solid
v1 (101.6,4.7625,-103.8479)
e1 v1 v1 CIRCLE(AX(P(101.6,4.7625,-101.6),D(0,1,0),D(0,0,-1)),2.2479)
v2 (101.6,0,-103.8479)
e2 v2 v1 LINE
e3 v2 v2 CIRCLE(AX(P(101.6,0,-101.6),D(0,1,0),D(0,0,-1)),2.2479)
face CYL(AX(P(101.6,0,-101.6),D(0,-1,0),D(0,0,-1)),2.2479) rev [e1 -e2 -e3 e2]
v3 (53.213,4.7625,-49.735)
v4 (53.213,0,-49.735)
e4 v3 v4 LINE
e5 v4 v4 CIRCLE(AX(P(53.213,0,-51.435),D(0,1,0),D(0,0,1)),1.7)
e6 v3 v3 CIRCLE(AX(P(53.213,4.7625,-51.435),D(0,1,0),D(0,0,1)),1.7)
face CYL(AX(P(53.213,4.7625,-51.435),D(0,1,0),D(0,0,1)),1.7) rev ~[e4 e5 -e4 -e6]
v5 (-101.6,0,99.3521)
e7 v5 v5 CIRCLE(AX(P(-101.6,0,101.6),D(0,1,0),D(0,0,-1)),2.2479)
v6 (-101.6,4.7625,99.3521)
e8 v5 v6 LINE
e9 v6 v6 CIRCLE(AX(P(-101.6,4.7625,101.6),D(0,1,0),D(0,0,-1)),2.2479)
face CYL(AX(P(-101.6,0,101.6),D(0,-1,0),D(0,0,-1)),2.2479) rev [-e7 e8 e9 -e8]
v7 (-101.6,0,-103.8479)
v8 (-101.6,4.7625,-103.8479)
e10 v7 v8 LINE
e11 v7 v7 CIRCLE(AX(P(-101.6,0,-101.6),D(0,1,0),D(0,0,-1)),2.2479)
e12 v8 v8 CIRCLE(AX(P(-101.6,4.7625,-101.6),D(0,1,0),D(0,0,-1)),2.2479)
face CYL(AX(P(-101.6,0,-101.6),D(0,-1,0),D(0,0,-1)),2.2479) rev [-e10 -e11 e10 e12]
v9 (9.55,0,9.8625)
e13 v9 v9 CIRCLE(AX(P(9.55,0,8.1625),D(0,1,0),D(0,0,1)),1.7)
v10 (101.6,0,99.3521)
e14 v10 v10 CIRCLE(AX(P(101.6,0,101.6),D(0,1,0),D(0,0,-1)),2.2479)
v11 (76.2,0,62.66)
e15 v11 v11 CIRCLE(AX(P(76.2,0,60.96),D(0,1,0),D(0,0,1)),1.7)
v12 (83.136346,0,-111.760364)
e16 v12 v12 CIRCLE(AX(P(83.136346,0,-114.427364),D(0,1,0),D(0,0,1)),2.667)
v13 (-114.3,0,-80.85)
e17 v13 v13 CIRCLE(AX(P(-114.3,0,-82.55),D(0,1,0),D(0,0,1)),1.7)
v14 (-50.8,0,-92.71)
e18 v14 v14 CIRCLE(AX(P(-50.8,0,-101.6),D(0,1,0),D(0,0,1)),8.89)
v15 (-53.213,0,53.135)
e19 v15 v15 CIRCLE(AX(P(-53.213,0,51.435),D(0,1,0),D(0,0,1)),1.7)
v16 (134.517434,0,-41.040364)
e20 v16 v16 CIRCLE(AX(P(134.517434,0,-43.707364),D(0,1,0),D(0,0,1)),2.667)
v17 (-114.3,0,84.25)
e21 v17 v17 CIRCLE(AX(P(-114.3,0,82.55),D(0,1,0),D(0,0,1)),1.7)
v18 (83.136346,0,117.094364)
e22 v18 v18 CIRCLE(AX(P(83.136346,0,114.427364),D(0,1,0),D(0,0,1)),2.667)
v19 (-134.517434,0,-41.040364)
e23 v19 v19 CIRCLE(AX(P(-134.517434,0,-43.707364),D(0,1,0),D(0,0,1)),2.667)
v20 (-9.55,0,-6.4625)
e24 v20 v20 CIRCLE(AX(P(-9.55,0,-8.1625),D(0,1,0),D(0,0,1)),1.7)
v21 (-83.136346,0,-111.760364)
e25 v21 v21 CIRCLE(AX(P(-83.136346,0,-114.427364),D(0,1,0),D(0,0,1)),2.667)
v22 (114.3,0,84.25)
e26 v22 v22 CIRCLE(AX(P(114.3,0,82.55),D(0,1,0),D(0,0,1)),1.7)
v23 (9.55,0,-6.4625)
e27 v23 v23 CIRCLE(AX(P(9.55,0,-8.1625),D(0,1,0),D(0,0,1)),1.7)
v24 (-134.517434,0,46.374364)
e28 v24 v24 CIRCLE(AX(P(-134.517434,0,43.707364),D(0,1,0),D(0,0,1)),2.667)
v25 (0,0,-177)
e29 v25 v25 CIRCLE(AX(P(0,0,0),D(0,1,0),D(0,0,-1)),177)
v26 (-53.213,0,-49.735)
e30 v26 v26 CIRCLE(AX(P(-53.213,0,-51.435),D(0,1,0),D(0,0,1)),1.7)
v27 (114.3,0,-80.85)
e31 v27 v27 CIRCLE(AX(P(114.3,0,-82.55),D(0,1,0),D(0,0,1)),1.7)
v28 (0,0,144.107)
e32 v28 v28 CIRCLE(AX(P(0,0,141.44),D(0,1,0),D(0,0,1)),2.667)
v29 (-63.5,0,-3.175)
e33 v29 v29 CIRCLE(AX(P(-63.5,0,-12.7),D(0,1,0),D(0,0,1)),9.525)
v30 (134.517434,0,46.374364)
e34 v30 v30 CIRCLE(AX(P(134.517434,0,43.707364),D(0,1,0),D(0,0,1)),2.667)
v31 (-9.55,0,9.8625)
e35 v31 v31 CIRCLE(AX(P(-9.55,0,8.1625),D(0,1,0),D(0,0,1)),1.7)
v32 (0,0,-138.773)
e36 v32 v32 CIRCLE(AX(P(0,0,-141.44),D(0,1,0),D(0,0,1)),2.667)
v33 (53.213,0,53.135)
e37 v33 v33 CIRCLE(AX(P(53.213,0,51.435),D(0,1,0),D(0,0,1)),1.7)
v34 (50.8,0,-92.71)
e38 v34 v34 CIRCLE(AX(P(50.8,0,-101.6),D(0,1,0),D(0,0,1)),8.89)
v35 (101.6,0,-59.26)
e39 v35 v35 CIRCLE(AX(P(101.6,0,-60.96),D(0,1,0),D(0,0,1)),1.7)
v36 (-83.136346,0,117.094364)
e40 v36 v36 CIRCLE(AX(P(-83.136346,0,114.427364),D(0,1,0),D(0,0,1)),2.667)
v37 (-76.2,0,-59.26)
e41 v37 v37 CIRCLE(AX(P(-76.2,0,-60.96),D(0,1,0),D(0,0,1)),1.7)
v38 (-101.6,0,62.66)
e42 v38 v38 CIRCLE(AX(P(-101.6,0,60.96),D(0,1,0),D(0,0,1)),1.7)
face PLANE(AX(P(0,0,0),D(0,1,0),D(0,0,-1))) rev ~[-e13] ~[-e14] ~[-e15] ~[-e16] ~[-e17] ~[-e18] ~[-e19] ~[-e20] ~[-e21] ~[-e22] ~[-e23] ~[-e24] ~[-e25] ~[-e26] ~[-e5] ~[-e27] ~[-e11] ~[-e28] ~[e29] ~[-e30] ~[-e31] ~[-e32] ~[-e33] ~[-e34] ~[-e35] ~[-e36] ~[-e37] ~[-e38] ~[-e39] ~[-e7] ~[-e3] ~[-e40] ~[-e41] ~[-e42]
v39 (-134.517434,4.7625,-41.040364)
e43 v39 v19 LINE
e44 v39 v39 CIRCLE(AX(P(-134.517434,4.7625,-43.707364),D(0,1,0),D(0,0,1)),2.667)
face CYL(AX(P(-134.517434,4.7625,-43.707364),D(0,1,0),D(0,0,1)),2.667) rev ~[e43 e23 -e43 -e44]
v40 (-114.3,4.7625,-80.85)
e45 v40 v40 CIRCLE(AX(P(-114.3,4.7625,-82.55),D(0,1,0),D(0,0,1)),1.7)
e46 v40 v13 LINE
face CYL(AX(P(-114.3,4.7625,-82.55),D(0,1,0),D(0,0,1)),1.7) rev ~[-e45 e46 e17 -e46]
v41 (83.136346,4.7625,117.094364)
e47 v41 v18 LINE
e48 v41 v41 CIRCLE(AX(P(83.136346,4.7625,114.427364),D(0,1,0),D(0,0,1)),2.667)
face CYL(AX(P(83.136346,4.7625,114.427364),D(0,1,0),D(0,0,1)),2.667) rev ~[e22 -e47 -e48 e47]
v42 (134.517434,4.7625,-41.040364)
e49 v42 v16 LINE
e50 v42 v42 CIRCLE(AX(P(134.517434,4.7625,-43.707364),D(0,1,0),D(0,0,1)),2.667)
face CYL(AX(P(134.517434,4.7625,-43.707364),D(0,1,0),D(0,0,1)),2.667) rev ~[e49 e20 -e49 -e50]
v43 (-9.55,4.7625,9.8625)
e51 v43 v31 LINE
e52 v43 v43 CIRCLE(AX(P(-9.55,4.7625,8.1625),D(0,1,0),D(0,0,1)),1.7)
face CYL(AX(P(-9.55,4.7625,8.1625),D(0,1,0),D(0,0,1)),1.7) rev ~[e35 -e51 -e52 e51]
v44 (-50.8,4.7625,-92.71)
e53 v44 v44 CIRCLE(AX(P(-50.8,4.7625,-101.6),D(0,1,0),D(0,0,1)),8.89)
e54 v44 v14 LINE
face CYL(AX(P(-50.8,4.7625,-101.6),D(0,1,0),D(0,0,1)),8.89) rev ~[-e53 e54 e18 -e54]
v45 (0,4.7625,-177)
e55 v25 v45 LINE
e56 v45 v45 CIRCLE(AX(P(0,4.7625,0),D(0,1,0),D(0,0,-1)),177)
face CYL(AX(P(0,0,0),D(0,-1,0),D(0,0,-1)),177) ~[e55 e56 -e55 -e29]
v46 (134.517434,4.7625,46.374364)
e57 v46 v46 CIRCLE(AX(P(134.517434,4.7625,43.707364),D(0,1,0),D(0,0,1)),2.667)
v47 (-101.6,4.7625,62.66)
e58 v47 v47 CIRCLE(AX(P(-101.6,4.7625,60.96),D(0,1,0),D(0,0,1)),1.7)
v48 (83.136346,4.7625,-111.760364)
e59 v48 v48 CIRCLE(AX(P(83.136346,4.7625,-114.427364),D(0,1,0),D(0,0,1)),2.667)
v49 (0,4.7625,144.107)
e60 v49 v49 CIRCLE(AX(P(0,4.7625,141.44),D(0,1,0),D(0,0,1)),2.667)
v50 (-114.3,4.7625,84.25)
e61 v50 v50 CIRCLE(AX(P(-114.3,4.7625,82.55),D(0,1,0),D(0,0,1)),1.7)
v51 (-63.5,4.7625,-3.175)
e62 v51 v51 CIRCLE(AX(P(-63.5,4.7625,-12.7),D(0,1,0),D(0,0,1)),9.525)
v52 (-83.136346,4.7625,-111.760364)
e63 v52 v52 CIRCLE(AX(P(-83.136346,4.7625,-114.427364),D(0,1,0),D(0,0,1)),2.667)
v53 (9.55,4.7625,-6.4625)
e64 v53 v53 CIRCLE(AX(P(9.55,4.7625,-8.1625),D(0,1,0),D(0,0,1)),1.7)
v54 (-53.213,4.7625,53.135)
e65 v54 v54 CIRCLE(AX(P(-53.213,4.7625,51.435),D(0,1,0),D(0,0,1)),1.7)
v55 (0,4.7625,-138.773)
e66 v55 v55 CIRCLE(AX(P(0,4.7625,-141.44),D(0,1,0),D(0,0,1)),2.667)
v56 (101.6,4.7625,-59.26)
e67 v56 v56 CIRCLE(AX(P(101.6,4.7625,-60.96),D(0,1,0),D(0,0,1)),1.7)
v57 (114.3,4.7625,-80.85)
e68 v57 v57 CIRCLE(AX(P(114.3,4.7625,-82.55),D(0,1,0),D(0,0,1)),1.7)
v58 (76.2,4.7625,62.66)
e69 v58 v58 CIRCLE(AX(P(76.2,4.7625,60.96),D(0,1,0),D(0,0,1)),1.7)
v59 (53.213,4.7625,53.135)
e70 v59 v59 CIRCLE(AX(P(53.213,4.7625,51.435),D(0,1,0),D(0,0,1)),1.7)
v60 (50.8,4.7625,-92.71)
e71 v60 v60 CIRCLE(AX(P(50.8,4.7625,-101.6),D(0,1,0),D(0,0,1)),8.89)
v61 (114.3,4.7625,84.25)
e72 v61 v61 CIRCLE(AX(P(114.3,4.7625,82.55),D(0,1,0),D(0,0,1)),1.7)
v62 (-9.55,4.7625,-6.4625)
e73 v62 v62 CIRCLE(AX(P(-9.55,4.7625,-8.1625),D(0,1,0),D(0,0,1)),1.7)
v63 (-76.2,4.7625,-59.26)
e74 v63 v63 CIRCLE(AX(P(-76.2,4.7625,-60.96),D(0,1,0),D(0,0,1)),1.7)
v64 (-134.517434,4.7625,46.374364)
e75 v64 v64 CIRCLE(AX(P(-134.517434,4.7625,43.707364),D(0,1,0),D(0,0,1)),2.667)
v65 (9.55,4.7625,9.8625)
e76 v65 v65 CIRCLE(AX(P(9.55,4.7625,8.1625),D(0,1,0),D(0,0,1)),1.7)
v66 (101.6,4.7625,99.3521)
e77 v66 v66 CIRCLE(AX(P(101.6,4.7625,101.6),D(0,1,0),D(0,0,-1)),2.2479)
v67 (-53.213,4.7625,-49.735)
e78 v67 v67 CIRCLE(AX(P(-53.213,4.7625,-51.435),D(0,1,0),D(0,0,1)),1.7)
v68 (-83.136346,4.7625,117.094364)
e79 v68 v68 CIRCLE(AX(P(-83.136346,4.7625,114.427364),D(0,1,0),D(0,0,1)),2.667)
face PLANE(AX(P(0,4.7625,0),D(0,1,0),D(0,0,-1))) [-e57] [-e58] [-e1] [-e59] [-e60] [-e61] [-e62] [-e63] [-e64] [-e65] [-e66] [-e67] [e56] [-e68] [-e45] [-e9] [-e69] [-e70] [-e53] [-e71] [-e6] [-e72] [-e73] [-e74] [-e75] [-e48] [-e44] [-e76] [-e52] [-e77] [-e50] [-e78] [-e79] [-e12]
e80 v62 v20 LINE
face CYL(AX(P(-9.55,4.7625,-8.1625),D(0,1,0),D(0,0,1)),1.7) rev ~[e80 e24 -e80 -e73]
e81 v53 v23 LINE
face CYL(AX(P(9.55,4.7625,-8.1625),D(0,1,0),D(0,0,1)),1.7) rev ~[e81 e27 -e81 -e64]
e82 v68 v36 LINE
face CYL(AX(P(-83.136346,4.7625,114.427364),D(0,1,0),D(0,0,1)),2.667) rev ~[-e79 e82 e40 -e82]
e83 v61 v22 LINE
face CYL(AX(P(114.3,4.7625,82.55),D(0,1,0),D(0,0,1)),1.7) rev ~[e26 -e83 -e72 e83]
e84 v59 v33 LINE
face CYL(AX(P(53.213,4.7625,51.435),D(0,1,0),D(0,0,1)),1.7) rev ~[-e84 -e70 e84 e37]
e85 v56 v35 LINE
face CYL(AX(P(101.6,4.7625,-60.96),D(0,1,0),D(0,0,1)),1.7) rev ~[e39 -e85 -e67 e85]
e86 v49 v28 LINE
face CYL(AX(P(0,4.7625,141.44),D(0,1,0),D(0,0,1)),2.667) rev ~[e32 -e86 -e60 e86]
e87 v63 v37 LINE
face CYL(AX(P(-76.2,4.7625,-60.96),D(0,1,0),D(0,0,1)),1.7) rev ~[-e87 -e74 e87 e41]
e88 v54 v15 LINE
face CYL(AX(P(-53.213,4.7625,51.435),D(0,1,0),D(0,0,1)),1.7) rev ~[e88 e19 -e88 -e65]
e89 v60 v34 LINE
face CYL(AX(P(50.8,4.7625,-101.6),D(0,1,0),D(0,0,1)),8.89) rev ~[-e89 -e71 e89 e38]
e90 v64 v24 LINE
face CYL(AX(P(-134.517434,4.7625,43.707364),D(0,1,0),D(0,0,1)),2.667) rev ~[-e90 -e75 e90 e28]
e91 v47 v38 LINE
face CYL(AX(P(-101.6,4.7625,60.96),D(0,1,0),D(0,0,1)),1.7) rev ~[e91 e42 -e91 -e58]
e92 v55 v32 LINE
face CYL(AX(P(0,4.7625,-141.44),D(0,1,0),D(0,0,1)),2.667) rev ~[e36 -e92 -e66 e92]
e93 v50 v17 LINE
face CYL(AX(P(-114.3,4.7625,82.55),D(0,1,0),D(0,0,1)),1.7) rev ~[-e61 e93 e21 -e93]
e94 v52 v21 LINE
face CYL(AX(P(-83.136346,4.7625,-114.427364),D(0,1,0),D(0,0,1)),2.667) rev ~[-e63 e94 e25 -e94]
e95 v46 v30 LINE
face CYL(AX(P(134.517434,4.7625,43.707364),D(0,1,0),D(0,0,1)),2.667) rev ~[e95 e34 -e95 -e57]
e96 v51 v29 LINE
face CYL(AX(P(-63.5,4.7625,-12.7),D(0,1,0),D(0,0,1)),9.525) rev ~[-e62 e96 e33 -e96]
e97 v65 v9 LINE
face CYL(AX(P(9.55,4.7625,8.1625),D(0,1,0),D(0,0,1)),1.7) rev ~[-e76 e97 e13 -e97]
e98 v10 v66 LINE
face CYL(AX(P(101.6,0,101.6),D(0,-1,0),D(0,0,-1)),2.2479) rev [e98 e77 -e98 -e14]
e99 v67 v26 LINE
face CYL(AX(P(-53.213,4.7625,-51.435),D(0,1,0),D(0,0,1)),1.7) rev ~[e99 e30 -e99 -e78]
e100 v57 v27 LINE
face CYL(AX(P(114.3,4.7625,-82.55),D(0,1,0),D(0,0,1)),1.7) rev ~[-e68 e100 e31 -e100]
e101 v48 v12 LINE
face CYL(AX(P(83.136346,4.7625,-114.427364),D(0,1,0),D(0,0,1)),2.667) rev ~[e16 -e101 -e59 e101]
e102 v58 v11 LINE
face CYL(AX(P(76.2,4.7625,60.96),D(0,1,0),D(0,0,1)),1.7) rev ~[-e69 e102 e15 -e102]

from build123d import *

# Parameters (mm, degrees)
SKETCH1_R                     = 177
SKETCH1_R_2                   = 2.2479
BOSS_EXTRUDE1_DEPTH           = 4.7625
SKETCH2_R                     = 1.7
JETSONHOLES_DEPTH             = 251.361102023
SKETCH3_R                     = 9.525
UART_WIRE_HOLE_DEPTH          = 251.361102023
SKETCH6_R                     = 1.7
SKETCH6_R_2                   = 8.89
NIMH_HOLES_DEPTH              = 251.361102023
SKETCH7_R                     = 1.7
IMU_HOLES_DEPTH               = 251.361102023
SKETCH8_R                     = 1.7
LEVEL2_3_STANDOFF_HOLES_DEPTH = 251.361102023
SKETCH9_R                     = 2.667
ZIP_TIES_DEPTH                = 251.361102023


with BuildPart() as part:
    # Sketch1 → Boss-Extrude1 (new body)
    with BuildSketch(Plane(origin=(0, 0, 0), x_dir=(1, 0, 0), z_dir=(0, 1, 0))):
        Circle(SKETCH1_R)
        with Locations((-101.6, -101.6)):
            Circle(SKETCH1_R_2, mode=Mode.SUBTRACT)
        with Locations((-101.6, 101.6)):
            Circle(SKETCH1_R_2, mode=Mode.SUBTRACT)
        with Locations((101.6, 101.6)):
            Circle(SKETCH1_R_2, mode=Mode.SUBTRACT)
        with Locations((101.6, -101.6)):
            Circle(SKETCH1_R_2, mode=Mode.SUBTRACT)
    extrude(amount=BOSS_EXTRUDE1_DEPTH)

    # Sketch2 → JetsonHoles (cut, through all)
    with BuildSketch(Plane(origin=(0, 4.7625, 0), x_dir=(1, 0, 0), z_dir=(0, 1, 0))):
        with Locations((-53.213, 51.435)):
            Circle(SKETCH2_R)
        with Locations((53.213, 51.435)):
            Circle(SKETCH2_R)
        with Locations((-53.213, -51.435)):
            Circle(SKETCH2_R)
        with Locations((53.213, -51.435)):
            Circle(SKETCH2_R)
    extrude(amount=-JETSONHOLES_DEPTH, mode=Mode.SUBTRACT)

    # Sketch3 → UART-Wire-Hole (cut, through all)
    with BuildSketch(Plane(origin=(0, 4.7625, 0), x_dir=(1, 0, 0), z_dir=(0, 1, 0))):
        with Locations((-63.5, 12.7)):
            Circle(SKETCH3_R)
    extrude(amount=-UART_WIRE_HOLE_DEPTH, mode=Mode.SUBTRACT)

    # Sketch6 → NiMH_Holes (cut, through all)
    with BuildSketch(Plane(origin=(0, 4.7625, 0), x_dir=(1, 0, 0), z_dir=(0, 1, 0))):
        with Locations((101.6, 60.96)):
            Circle(SKETCH6_R)
        with Locations((76.2, -60.96)):
            Circle(SKETCH6_R)
        with Locations((-101.6, -60.96)):
            Circle(SKETCH6_R)
        with Locations((-76.2, 60.96)):
            Circle(SKETCH6_R)
        with Locations((-50.8, 101.6)):
            Circle(SKETCH6_R_2)
        with Locations((50.8, 101.6)):
            Circle(SKETCH6_R_2)
    extrude(amount=-NIMH_HOLES_DEPTH, mode=Mode.SUBTRACT)

    # Sketch7 → IMU_Holes (cut, through all)
    with BuildSketch(Plane(origin=(0, 4.7625, 0), x_dir=(1, 0, 0), z_dir=(0, 1, 0))):
        with Locations((-9.55000005, 8.162499942)):
            Circle(SKETCH7_R)
        with Locations((9.54999995, 8.162499942)):
            Circle(SKETCH7_R)
        with Locations((-9.55000005, -8.162500058)):
            Circle(SKETCH7_R)
        with Locations((9.54999995, -8.162500058)):
            Circle(SKETCH7_R)
    extrude(amount=-IMU_HOLES_DEPTH, mode=Mode.SUBTRACT)

    # Sketch8 → Level2_3_Standoff_holes (cut, through all)
    with BuildSketch(Plane(origin=(0, 4.7625, 0), x_dir=(1, 0, 0), z_dir=(0, 1, 0))):
        with Locations((-114.3, -82.55)):
            Circle(SKETCH8_R)
        with Locations((-114.3, 82.55)):
            Circle(SKETCH8_R)
        with Locations((114.3, 82.55)):
            Circle(SKETCH8_R)
        with Locations((114.3, -82.55)):
            Circle(SKETCH8_R)
    extrude(amount=-LEVEL2_3_STANDOFF_HOLES_DEPTH, mode=Mode.SUBTRACT)

    # Sketch9 → Zip Ties (cut, through all)
    with BuildSketch(Plane(origin=(0, 4.7625, 0), x_dir=(1, 0, 0), z_dir=(0, 1, 0))):
        with Locations((0, -141.44)):
            Circle(SKETCH9_R)
        with Locations((-83.136346084, -114.427363684)):
            Circle(SKETCH9_R)
        with Locations((-134.517433665, -43.707363684)):
            Circle(SKETCH9_R)
        with Locations((-134.517433665, 43.707363684)):
            Circle(SKETCH9_R)
        with Locations((-83.136346084, 114.427363684)):
            Circle(SKETCH9_R)
        with Locations((0, 141.44)):
            Circle(SKETCH9_R)
        with Locations((83.136346084, 114.427363684)):
            Circle(SKETCH9_R)
        with Locations((134.517433665, 43.707363684)):
            Circle(SKETCH9_R)
        with Locations((134.517433665, -43.707363684)):
            Circle(SKETCH9_R)
        with Locations((83.136346084, -114.427363684)):
            Circle(SKETCH9_R)
    extrude(amount=-ZIP_TIES_DEPTH, mode=Mode.SUBTRACT)


solid = part.part
